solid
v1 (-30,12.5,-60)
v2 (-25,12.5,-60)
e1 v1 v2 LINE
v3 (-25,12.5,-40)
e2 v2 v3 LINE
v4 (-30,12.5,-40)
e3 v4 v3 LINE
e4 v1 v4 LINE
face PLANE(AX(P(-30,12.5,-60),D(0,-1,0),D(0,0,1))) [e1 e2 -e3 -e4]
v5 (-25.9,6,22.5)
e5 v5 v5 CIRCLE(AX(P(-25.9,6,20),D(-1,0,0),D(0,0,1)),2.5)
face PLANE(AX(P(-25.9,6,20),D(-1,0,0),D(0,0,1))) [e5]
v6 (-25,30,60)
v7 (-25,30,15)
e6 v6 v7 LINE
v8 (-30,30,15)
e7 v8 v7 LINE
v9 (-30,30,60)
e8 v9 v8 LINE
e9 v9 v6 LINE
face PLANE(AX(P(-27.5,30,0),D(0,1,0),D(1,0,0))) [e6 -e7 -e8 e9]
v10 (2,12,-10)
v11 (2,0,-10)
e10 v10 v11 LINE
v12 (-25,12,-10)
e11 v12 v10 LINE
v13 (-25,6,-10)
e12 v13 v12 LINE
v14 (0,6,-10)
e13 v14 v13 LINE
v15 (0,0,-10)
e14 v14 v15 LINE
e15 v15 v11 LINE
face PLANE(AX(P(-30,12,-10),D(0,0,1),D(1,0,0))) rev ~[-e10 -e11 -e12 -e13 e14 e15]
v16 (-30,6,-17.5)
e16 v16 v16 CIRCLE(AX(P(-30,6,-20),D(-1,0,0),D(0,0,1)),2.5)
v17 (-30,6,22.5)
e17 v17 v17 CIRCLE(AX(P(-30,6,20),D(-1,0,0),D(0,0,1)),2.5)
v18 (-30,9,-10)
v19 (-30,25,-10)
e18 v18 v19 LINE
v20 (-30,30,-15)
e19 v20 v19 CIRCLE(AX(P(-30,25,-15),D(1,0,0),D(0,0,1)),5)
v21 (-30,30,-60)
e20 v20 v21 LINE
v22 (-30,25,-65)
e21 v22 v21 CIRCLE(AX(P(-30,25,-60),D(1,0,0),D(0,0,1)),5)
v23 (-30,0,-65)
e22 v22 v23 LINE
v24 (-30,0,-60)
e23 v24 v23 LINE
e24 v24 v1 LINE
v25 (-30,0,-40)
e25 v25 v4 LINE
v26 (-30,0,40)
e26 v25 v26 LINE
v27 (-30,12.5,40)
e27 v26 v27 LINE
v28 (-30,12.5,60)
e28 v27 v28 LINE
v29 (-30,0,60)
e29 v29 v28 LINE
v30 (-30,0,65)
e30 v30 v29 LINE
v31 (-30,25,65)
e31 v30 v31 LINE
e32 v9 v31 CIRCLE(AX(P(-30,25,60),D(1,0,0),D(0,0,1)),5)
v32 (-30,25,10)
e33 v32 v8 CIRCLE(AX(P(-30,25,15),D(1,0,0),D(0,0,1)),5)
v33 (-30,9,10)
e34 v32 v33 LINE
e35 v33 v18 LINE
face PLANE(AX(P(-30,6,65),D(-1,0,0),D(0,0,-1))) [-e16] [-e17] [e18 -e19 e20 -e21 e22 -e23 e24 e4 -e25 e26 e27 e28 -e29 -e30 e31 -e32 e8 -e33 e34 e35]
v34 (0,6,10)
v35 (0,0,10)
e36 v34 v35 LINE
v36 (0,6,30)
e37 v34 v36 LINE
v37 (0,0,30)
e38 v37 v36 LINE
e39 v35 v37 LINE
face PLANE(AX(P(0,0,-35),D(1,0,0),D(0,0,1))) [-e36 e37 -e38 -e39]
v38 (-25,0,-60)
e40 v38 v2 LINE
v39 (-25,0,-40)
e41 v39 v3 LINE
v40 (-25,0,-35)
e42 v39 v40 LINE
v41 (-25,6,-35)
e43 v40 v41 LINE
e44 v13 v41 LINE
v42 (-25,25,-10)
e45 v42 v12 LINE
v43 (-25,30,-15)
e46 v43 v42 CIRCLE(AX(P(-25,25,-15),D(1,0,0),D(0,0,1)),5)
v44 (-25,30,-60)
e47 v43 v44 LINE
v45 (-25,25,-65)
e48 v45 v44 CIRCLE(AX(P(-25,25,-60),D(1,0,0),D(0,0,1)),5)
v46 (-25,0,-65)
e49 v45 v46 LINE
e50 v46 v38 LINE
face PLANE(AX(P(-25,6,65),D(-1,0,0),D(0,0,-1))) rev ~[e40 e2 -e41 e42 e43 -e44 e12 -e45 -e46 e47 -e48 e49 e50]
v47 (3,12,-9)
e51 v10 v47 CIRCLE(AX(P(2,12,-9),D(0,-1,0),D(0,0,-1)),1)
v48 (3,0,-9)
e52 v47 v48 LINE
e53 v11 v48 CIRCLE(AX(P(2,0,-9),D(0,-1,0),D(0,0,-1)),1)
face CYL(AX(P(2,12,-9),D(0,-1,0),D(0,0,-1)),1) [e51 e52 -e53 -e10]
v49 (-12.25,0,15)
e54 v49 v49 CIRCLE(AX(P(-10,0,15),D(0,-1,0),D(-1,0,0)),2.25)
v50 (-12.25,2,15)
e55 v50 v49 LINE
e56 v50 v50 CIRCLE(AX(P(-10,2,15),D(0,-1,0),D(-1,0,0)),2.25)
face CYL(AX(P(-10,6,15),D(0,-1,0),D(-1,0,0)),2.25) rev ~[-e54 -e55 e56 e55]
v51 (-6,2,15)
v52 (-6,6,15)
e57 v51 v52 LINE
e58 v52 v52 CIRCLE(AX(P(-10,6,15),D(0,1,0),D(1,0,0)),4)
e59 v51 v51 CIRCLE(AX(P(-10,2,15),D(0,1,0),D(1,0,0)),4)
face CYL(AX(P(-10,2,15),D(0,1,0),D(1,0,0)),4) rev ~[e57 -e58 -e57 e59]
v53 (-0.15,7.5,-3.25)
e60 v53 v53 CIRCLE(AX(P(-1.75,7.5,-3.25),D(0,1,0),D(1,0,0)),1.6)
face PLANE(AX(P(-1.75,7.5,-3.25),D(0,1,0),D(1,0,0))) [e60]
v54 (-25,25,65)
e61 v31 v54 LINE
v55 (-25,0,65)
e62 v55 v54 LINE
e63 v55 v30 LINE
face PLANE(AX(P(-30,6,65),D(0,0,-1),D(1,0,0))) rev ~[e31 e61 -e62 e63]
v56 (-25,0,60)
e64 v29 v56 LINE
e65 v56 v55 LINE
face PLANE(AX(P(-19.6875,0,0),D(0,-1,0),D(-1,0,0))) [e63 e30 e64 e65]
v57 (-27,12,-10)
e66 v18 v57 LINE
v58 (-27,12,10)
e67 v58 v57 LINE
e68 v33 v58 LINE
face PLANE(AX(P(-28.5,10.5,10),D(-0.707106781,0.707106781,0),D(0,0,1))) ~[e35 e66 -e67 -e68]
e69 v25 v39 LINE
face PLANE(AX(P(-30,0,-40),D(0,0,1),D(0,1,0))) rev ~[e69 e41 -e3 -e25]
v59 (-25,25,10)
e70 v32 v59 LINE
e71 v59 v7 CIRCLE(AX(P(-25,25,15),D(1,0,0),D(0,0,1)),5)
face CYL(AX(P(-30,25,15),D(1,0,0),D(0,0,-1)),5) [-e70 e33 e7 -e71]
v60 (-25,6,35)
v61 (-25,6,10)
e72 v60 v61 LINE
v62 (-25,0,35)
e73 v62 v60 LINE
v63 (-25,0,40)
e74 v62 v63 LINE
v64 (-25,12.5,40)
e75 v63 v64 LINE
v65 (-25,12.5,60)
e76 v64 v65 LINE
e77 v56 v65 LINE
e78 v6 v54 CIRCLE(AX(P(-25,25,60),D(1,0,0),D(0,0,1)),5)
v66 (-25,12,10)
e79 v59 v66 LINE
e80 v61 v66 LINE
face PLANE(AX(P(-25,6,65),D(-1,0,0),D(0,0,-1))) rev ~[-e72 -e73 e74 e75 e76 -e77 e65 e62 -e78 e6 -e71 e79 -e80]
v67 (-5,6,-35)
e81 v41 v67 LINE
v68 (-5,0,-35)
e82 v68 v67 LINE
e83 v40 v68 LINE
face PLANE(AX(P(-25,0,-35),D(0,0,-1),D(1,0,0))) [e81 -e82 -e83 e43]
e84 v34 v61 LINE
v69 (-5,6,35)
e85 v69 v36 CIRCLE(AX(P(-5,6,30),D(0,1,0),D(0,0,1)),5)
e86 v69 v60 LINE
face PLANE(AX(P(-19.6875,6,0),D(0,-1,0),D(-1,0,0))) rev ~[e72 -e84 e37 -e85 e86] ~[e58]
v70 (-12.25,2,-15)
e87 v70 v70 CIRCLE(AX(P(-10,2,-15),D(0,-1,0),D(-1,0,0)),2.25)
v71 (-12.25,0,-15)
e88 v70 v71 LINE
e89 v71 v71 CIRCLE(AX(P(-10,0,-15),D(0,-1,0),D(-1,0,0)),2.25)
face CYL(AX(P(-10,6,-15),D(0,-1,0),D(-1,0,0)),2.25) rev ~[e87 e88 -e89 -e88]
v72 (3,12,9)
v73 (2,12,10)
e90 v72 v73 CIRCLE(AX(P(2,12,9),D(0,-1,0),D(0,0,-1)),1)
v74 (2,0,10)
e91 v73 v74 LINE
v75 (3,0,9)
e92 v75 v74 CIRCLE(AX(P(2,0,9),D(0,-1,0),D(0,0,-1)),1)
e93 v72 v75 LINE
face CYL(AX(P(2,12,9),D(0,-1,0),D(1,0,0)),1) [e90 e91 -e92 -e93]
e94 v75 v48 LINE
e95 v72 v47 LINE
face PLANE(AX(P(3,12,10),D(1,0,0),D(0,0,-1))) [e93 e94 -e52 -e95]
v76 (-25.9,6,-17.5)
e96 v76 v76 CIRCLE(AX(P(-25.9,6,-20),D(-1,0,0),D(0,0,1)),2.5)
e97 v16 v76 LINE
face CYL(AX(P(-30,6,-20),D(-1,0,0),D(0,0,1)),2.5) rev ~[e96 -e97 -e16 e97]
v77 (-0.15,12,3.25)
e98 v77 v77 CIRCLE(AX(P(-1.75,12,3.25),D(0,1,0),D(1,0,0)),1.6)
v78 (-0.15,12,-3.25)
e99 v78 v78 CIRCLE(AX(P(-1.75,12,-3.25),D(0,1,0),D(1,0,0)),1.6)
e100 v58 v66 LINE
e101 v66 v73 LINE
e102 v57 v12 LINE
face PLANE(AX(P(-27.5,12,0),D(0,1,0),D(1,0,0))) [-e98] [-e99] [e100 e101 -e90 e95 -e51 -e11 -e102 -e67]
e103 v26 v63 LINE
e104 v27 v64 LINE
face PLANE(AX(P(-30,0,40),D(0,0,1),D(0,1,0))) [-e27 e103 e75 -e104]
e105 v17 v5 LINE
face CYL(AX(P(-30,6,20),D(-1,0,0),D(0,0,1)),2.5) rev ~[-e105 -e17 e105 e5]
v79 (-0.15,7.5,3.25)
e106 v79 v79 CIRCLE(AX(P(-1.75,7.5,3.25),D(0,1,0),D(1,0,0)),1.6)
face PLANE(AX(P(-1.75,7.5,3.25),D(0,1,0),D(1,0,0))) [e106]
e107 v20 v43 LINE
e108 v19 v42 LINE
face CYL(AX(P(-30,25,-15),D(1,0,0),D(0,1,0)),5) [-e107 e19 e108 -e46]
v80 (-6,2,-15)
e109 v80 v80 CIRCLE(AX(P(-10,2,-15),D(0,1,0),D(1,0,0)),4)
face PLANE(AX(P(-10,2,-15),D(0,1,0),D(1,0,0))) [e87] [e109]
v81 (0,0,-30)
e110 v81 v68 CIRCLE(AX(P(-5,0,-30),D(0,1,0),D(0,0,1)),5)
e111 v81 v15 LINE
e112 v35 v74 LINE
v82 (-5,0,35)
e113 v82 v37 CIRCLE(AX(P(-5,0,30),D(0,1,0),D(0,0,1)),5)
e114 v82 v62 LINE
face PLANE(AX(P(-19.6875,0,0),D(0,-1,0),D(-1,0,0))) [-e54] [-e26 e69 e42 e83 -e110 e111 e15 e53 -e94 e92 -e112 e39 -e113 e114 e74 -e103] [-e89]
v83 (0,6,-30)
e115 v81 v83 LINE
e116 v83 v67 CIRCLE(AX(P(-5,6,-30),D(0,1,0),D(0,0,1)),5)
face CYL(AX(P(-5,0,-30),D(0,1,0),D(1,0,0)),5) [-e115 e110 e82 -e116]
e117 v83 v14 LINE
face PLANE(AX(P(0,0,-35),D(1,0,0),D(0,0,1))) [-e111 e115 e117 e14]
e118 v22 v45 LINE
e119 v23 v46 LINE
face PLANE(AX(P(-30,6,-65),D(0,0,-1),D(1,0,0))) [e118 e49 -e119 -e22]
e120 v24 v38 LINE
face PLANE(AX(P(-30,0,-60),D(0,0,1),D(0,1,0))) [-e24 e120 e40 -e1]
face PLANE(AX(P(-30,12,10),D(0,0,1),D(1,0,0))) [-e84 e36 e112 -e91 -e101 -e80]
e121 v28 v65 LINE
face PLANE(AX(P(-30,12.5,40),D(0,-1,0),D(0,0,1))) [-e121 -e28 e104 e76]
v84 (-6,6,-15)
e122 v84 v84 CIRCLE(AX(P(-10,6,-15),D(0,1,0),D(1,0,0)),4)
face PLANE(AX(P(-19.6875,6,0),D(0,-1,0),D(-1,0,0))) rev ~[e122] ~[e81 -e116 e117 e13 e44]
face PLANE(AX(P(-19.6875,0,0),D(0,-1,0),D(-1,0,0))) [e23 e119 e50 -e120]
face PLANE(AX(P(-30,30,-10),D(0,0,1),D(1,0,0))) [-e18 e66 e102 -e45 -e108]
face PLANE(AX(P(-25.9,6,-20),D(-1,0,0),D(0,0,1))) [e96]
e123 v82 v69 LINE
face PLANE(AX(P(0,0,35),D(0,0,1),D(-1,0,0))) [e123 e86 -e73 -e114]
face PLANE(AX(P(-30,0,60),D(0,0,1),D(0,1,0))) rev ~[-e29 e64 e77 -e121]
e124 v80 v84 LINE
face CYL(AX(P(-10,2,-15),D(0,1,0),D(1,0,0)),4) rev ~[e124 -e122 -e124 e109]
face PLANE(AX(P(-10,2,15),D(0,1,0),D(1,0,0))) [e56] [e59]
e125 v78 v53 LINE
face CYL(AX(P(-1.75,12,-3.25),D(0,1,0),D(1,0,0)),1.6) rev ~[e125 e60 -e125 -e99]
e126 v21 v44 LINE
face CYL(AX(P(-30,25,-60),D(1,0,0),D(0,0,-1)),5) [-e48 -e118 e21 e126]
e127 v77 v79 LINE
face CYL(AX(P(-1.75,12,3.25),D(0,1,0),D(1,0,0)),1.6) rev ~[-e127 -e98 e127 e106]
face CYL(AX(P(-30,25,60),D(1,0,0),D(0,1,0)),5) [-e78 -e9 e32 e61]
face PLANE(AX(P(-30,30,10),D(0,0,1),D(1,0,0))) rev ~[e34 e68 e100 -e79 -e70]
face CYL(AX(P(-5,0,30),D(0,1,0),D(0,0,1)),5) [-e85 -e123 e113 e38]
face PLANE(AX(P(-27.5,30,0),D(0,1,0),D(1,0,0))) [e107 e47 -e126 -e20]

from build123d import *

# Parameters (mm, degrees)
BOSS_EXTRUDE1_DEPTH            = 6
SKETCH2_W                      = 5
SKETCH2_H                      = 130
BOSS_EXTRUDE2_DEPTH            = 24
SKETCH3_W                      = 20
SKETCH3_H                      = 12.5
CUT_EXTRUDE1_DEPTH             = 31
CBORE_FOR_M4_SHCS1_D           = 4.5
CBORE_FOR_M4_SHCS1_CBORE_D     = 8
CBORE_FOR_M4_SHCS1_CBORE_DEPTH = 4
SKETCH9_W                      = 5
SKETCH9_H                      = 20
CUT_EXTRUDE2_DEPTH             = 18
SKETCH10_W                     = 33
SKETCH10_H                     = 20
BOSS_EXTRUDE3_DEPTH            = 12
FILLET1_R                      = 5
SKETCH13_R                     = 2.5
CUT_EXTRUDE3_DEPTH             = 4.1
CHAMFER1_SIZE                  = 3
SKETCH11_R                     = 1.6
CUT_EXTRUDE4_DEPTH             = 4.5
FILLET3_R                      = 1


with BuildPart() as part:
    # Sketch1 → Boss-Extrude1 (new body)
    with BuildSketch(Plane(origin=(0, 0, 0), x_dir=(1, 0, 0), z_dir=(0, 1, 0))):
        Polygon((-25, -35), (-25, -65), (-30, -65), (-30, 65), (-25, 65), (-25, 35), (0, 35), (0, -35), align=None)
    extrude(amount=BOSS_EXTRUDE1_DEPTH)

    # Sketch2 → Boss-Extrude2 (add)
    with BuildSketch(Plane(origin=(0, 6, 0), x_dir=(1, 0, 0), z_dir=(0, 1, 0))):
        with Locations((-27.5, 0)):
            Rectangle(SKETCH2_W, SKETCH2_H)
    extrude(amount=BOSS_EXTRUDE2_DEPTH)

    # Sketch3 → Cut-Extrude1 (cut, through all)
    with BuildSketch(Plane.ZY.offset(30)):
        with Locations((-50, 6.25)):
            Rectangle(SKETCH3_W, SKETCH3_H)
        with Locations((50, 6.25)):
            Rectangle(SKETCH3_W, SKETCH3_H)
    extrude(amount=-CUT_EXTRUDE1_DEPTH, mode=Mode.SUBTRACT)

    # CBORE for M4 SHCS1 (through all)
    with Locations(Plane(origin=(0, 6, 0), x_dir=(1, 0, 0), z_dir=(0, 1, 0))):
        with Locations((-10, 15), (-10, -15)):
            CounterBoreHole(CBORE_FOR_M4_SHCS1_D / 2, CBORE_FOR_M4_SHCS1_CBORE_D / 2, CBORE_FOR_M4_SHCS1_CBORE_DEPTH)

    # Sketch9 → Cut-Extrude2 (cut)
    with BuildSketch(Plane(origin=(0, 30, 0), x_dir=(1, 0, 0), z_dir=(0, 1, 0))):
        with Locations((-27.5, 0)):
            Rectangle(SKETCH9_W, SKETCH9_H)
    extrude(amount=-CUT_EXTRUDE2_DEPTH, mode=Mode.SUBTRACT)

    # Sketch10 → Boss-Extrude3 (add, through all)
    with BuildSketch(Plane(origin=(0, 12, 0), x_dir=(1, 0, 0), z_dir=(0, 1, 0))):
        with Locations((-13.5, 0)):
            Rectangle(SKETCH10_W, SKETCH10_H)
    extrude(amount=-BOSS_EXTRUDE3_DEPTH)

    # Fillet1
    fillet1_edges = [part.edges().sort_by_distance(p)[0] for p in [
        (-27.5, 30, 10),
        (-27.5, 30, -10),
        (0, 3, -35),
        (0, 3, 35),
        (-27.5, 30, 65),
        (-27.5, 30, -65),
    ]]
    fillet(fillet1_edges, radius=FILLET1_R)

    # Sketch13 → Cut-Extrude3 (cut)
    with BuildSketch(Plane.ZY.offset(30)):
        with Locations((-20, 6)):
            Circle(SKETCH13_R)
        with Locations((20, 6)):
            Circle(SKETCH13_R)
    extrude(amount=-CUT_EXTRUDE3_DEPTH, mode=Mode.SUBTRACT)

    # Chamfer1
    chamfer1_edges = [part.edges().sort_by_distance(p)[0] for p in [
        (-30, 12, 0),
    ]]
    chamfer(chamfer1_edges, length=CHAMFER1_SIZE)

    # Sketch11 → Cut-Extrude4 (cut)
    with BuildSketch(Plane(origin=(0, 12, 0), x_dir=(1, 0, 0), z_dir=(0, 1, 0))):
        with Locations((-1.75, 3.25)):
            Circle(SKETCH11_R)
        with Locations((-1.75, -3.25)):
            Circle(SKETCH11_R)
    extrude(amount=-CUT_EXTRUDE4_DEPTH, mode=Mode.SUBTRACT)

    # Fillet3
    fillet3_edges = [part.edges().sort_by_distance(p)[0] for p in [
        (3, 6, 10),
        (3, 6, -10),
    ]]
    fillet(fillet3_edges, radius=FILLET3_R)


solid = part.part
